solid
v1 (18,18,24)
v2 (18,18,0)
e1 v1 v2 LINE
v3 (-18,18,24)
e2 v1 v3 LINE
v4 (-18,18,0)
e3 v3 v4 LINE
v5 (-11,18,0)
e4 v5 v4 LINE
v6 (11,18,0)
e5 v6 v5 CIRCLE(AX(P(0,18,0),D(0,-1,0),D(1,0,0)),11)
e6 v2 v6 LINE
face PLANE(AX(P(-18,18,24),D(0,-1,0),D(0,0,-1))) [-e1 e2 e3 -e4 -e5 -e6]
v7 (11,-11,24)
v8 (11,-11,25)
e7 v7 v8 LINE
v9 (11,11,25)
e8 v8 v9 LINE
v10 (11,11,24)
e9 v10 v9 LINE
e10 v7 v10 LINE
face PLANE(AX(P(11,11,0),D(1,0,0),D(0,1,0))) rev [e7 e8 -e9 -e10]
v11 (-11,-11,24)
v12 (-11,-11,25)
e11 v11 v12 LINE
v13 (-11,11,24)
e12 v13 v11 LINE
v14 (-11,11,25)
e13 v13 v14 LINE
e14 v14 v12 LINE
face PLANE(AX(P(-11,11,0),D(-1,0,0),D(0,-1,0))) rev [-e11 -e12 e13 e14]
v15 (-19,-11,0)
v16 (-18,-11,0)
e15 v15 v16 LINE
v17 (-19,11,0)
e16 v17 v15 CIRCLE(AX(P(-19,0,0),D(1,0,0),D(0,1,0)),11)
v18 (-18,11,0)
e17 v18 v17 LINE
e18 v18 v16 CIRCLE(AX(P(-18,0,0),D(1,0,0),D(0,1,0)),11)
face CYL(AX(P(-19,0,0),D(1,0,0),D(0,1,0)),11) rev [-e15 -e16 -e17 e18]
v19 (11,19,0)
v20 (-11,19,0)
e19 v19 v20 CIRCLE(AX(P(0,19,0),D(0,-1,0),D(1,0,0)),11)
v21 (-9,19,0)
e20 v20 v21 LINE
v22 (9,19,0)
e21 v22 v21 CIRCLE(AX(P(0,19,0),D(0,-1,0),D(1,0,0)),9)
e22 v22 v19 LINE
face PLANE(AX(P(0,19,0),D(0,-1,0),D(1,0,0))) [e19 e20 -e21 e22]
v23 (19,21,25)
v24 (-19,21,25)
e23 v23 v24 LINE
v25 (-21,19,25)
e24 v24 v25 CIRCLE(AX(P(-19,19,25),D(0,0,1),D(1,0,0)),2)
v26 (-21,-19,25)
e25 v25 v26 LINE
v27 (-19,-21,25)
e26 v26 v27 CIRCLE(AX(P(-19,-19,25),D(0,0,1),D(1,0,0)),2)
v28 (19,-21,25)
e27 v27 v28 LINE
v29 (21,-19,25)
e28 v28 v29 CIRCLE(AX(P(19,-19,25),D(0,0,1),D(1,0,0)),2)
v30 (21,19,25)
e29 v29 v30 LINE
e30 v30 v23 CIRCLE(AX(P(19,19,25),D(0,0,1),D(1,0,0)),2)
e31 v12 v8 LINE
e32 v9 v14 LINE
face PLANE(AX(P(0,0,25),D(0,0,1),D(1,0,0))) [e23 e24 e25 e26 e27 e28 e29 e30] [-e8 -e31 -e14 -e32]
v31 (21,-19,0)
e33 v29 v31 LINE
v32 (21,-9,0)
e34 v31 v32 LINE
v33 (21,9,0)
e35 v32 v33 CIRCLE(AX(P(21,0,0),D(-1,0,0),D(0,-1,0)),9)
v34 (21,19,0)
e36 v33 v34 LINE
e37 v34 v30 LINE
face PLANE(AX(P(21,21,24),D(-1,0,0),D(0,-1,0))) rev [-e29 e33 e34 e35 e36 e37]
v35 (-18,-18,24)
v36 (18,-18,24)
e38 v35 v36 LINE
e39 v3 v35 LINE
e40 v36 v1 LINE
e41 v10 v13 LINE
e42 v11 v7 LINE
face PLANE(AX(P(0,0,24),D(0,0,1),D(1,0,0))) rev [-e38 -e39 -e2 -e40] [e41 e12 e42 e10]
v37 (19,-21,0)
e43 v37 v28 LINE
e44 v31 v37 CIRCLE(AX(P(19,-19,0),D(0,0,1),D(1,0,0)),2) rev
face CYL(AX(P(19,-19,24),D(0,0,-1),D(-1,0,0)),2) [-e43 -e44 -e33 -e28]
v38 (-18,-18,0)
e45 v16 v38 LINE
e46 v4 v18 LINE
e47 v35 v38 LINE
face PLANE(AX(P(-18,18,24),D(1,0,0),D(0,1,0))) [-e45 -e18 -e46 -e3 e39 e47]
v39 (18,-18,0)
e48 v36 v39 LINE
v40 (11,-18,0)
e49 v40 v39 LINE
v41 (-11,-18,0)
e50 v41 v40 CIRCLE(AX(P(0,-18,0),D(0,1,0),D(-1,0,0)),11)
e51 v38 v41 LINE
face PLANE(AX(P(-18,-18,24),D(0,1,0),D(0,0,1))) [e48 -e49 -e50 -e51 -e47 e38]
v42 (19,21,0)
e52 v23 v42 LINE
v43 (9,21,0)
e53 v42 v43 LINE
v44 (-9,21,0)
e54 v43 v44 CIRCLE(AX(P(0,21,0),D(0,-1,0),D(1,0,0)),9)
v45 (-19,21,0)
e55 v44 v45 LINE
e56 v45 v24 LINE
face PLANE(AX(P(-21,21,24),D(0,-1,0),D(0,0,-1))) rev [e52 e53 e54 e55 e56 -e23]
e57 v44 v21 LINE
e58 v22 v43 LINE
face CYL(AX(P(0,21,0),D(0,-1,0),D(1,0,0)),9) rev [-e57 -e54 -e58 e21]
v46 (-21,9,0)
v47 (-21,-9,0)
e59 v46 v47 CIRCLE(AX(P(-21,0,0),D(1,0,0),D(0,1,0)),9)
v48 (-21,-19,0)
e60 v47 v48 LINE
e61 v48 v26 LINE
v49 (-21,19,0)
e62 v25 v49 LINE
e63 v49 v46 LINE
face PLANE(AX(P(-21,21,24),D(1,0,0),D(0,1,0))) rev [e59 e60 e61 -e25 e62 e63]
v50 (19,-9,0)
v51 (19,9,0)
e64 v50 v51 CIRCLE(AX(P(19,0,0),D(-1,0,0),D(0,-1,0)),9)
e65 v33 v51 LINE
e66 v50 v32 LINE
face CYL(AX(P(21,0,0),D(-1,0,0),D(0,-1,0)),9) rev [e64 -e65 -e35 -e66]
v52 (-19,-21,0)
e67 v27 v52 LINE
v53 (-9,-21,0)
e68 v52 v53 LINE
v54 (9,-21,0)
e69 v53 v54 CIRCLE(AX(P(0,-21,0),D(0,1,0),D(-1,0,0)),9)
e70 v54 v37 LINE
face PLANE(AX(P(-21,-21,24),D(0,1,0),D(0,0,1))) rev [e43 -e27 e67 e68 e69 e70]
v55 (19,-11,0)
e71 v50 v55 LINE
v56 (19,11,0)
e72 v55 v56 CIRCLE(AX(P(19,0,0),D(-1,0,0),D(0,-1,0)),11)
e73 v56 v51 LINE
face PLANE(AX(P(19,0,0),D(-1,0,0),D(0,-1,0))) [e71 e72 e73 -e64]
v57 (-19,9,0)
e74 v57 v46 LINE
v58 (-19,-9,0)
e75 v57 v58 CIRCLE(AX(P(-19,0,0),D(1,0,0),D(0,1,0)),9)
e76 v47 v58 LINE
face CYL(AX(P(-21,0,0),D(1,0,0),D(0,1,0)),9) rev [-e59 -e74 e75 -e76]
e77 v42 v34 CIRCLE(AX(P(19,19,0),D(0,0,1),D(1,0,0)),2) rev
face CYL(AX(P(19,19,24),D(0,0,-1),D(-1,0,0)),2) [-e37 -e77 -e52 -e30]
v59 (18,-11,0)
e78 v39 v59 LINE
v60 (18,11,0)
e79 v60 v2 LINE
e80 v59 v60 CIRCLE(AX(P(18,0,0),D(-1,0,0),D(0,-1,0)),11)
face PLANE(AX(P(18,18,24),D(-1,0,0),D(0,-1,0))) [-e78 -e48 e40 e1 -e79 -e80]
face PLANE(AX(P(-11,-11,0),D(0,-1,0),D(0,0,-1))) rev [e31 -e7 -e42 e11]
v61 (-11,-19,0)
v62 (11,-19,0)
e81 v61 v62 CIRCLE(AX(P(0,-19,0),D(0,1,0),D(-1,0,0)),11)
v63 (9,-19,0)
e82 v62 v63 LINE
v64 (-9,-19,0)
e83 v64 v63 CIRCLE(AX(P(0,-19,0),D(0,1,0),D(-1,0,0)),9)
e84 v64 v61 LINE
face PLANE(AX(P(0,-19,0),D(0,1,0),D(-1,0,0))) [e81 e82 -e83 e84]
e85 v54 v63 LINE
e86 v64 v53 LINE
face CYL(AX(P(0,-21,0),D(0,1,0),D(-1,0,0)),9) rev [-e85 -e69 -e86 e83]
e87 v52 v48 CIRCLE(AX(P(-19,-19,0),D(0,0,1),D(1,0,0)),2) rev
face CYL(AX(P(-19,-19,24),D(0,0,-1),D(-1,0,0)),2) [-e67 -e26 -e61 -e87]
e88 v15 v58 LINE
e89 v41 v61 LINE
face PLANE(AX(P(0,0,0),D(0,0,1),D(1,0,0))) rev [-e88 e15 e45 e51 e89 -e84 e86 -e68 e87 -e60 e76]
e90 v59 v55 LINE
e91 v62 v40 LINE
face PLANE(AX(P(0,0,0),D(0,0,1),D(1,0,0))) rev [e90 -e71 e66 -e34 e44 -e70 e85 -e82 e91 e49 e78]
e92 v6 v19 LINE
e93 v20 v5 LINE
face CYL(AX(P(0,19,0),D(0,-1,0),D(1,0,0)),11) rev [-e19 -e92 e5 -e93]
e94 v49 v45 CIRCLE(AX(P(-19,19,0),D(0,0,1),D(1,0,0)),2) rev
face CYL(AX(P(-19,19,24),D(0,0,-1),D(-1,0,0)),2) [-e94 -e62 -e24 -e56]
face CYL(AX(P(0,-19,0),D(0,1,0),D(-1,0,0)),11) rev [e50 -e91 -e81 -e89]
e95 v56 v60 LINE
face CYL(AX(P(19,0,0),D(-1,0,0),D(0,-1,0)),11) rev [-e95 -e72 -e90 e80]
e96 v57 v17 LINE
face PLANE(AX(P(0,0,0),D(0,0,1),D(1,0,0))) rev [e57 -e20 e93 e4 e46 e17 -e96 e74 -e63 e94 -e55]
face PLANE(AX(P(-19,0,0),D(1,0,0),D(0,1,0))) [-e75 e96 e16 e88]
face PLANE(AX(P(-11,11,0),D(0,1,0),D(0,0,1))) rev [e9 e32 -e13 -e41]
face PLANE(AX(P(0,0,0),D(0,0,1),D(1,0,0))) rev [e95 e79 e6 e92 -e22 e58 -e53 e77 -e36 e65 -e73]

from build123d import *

# Parameters (mm, degrees)
SKETCH1_W           = 42
SKETCH1_H           = 42
SKETCH1_W_2         = 36
SKETCH1_H_2         = 36
BOSS_EXTRUDE1_DEPTH = 24
SKETCH3_R           = 11
CUT_EXTRUDE1_DEPTH  = 1
SKETCH5_R           = 9
CUT_EXTRUDE2_DEPTH  = 4
SKETCH14_W          = 42
SKETCH14_H          = 42
BOSS_EXTRUDE3_DEPTH = 1
CIRPATTERN1_COUNT   = 4
FILLET1_R           = 2
SKETCH15_W          = 22
SKETCH15_H          = 22
CUT_EXTRUDE3_DEPTH  = 26


with BuildPart() as part:
    # Sketch1 → Boss-Extrude1 (new body)
    with BuildSketch(Plane.XY):
        Rectangle(SKETCH1_W, SKETCH1_H)
        Rectangle(SKETCH1_W_2, SKETCH1_H_2, mode=Mode.SUBTRACT)
    extrude(amount=BOSS_EXTRUDE1_DEPTH)

    # Sketch3 → Cut-Extrude1 (cut)
    with BuildSketch(Plane.ZY.offset(-18)):
        Circle(SKETCH3_R)
    cut_extrude1 = extrude(amount=-CUT_EXTRUDE1_DEPTH, mode=Mode.SUBTRACT)

    # Sketch5 → Cut-Extrude2 (cut, through all)
    with BuildSketch(Plane.ZY.offset(-18)):
        Circle(SKETCH5_R)
    cut_extrude2 = extrude(amount=-CUT_EXTRUDE2_DEPTH, mode=Mode.SUBTRACT)

    # Sketch14 → Boss-Extrude3 (add)
    with BuildSketch(Plane.XY.offset(24)):
        Rectangle(SKETCH14_W, SKETCH14_H)
    extrude(amount=BOSS_EXTRUDE3_DEPTH)

    # CirPattern1: Cut-Extrude1, Cut-Extrude2 ×4 about axis
    cirpattern1_axis = Axis((0, 0, 0), (0, 0, 1))
    for i in range(1, CIRPATTERN1_COUNT):
        add(cut_extrude1.rotate(cirpattern1_axis, i * 360 / CIRPATTERN1_COUNT), mode=Mode.SUBTRACT)
        add(cut_extrude2.rotate(cirpattern1_axis, i * 360 / CIRPATTERN1_COUNT), mode=Mode.SUBTRACT)

    # Fillet1
    fillet1_edges = [part.edges().sort_by_distance(p)[0] for p in [
        (21, -21, 12.5),
        (-21, -21, 12.5),
        (-21, 21, 12.5),
        (21, 21, 12.5),
    ]]
    fillet(fillet1_edges, radius=FILLET1_R)

    # Sketch15 → Cut-Extrude3 (cut, through all)
    with BuildSketch(Plane.XY.offset(25)):
        Rectangle(SKETCH15_W, SKETCH15_H)
    extrude(amount=-CUT_EXTRUDE3_DEPTH, mode=Mode.SUBTRACT)


solid = part.part
